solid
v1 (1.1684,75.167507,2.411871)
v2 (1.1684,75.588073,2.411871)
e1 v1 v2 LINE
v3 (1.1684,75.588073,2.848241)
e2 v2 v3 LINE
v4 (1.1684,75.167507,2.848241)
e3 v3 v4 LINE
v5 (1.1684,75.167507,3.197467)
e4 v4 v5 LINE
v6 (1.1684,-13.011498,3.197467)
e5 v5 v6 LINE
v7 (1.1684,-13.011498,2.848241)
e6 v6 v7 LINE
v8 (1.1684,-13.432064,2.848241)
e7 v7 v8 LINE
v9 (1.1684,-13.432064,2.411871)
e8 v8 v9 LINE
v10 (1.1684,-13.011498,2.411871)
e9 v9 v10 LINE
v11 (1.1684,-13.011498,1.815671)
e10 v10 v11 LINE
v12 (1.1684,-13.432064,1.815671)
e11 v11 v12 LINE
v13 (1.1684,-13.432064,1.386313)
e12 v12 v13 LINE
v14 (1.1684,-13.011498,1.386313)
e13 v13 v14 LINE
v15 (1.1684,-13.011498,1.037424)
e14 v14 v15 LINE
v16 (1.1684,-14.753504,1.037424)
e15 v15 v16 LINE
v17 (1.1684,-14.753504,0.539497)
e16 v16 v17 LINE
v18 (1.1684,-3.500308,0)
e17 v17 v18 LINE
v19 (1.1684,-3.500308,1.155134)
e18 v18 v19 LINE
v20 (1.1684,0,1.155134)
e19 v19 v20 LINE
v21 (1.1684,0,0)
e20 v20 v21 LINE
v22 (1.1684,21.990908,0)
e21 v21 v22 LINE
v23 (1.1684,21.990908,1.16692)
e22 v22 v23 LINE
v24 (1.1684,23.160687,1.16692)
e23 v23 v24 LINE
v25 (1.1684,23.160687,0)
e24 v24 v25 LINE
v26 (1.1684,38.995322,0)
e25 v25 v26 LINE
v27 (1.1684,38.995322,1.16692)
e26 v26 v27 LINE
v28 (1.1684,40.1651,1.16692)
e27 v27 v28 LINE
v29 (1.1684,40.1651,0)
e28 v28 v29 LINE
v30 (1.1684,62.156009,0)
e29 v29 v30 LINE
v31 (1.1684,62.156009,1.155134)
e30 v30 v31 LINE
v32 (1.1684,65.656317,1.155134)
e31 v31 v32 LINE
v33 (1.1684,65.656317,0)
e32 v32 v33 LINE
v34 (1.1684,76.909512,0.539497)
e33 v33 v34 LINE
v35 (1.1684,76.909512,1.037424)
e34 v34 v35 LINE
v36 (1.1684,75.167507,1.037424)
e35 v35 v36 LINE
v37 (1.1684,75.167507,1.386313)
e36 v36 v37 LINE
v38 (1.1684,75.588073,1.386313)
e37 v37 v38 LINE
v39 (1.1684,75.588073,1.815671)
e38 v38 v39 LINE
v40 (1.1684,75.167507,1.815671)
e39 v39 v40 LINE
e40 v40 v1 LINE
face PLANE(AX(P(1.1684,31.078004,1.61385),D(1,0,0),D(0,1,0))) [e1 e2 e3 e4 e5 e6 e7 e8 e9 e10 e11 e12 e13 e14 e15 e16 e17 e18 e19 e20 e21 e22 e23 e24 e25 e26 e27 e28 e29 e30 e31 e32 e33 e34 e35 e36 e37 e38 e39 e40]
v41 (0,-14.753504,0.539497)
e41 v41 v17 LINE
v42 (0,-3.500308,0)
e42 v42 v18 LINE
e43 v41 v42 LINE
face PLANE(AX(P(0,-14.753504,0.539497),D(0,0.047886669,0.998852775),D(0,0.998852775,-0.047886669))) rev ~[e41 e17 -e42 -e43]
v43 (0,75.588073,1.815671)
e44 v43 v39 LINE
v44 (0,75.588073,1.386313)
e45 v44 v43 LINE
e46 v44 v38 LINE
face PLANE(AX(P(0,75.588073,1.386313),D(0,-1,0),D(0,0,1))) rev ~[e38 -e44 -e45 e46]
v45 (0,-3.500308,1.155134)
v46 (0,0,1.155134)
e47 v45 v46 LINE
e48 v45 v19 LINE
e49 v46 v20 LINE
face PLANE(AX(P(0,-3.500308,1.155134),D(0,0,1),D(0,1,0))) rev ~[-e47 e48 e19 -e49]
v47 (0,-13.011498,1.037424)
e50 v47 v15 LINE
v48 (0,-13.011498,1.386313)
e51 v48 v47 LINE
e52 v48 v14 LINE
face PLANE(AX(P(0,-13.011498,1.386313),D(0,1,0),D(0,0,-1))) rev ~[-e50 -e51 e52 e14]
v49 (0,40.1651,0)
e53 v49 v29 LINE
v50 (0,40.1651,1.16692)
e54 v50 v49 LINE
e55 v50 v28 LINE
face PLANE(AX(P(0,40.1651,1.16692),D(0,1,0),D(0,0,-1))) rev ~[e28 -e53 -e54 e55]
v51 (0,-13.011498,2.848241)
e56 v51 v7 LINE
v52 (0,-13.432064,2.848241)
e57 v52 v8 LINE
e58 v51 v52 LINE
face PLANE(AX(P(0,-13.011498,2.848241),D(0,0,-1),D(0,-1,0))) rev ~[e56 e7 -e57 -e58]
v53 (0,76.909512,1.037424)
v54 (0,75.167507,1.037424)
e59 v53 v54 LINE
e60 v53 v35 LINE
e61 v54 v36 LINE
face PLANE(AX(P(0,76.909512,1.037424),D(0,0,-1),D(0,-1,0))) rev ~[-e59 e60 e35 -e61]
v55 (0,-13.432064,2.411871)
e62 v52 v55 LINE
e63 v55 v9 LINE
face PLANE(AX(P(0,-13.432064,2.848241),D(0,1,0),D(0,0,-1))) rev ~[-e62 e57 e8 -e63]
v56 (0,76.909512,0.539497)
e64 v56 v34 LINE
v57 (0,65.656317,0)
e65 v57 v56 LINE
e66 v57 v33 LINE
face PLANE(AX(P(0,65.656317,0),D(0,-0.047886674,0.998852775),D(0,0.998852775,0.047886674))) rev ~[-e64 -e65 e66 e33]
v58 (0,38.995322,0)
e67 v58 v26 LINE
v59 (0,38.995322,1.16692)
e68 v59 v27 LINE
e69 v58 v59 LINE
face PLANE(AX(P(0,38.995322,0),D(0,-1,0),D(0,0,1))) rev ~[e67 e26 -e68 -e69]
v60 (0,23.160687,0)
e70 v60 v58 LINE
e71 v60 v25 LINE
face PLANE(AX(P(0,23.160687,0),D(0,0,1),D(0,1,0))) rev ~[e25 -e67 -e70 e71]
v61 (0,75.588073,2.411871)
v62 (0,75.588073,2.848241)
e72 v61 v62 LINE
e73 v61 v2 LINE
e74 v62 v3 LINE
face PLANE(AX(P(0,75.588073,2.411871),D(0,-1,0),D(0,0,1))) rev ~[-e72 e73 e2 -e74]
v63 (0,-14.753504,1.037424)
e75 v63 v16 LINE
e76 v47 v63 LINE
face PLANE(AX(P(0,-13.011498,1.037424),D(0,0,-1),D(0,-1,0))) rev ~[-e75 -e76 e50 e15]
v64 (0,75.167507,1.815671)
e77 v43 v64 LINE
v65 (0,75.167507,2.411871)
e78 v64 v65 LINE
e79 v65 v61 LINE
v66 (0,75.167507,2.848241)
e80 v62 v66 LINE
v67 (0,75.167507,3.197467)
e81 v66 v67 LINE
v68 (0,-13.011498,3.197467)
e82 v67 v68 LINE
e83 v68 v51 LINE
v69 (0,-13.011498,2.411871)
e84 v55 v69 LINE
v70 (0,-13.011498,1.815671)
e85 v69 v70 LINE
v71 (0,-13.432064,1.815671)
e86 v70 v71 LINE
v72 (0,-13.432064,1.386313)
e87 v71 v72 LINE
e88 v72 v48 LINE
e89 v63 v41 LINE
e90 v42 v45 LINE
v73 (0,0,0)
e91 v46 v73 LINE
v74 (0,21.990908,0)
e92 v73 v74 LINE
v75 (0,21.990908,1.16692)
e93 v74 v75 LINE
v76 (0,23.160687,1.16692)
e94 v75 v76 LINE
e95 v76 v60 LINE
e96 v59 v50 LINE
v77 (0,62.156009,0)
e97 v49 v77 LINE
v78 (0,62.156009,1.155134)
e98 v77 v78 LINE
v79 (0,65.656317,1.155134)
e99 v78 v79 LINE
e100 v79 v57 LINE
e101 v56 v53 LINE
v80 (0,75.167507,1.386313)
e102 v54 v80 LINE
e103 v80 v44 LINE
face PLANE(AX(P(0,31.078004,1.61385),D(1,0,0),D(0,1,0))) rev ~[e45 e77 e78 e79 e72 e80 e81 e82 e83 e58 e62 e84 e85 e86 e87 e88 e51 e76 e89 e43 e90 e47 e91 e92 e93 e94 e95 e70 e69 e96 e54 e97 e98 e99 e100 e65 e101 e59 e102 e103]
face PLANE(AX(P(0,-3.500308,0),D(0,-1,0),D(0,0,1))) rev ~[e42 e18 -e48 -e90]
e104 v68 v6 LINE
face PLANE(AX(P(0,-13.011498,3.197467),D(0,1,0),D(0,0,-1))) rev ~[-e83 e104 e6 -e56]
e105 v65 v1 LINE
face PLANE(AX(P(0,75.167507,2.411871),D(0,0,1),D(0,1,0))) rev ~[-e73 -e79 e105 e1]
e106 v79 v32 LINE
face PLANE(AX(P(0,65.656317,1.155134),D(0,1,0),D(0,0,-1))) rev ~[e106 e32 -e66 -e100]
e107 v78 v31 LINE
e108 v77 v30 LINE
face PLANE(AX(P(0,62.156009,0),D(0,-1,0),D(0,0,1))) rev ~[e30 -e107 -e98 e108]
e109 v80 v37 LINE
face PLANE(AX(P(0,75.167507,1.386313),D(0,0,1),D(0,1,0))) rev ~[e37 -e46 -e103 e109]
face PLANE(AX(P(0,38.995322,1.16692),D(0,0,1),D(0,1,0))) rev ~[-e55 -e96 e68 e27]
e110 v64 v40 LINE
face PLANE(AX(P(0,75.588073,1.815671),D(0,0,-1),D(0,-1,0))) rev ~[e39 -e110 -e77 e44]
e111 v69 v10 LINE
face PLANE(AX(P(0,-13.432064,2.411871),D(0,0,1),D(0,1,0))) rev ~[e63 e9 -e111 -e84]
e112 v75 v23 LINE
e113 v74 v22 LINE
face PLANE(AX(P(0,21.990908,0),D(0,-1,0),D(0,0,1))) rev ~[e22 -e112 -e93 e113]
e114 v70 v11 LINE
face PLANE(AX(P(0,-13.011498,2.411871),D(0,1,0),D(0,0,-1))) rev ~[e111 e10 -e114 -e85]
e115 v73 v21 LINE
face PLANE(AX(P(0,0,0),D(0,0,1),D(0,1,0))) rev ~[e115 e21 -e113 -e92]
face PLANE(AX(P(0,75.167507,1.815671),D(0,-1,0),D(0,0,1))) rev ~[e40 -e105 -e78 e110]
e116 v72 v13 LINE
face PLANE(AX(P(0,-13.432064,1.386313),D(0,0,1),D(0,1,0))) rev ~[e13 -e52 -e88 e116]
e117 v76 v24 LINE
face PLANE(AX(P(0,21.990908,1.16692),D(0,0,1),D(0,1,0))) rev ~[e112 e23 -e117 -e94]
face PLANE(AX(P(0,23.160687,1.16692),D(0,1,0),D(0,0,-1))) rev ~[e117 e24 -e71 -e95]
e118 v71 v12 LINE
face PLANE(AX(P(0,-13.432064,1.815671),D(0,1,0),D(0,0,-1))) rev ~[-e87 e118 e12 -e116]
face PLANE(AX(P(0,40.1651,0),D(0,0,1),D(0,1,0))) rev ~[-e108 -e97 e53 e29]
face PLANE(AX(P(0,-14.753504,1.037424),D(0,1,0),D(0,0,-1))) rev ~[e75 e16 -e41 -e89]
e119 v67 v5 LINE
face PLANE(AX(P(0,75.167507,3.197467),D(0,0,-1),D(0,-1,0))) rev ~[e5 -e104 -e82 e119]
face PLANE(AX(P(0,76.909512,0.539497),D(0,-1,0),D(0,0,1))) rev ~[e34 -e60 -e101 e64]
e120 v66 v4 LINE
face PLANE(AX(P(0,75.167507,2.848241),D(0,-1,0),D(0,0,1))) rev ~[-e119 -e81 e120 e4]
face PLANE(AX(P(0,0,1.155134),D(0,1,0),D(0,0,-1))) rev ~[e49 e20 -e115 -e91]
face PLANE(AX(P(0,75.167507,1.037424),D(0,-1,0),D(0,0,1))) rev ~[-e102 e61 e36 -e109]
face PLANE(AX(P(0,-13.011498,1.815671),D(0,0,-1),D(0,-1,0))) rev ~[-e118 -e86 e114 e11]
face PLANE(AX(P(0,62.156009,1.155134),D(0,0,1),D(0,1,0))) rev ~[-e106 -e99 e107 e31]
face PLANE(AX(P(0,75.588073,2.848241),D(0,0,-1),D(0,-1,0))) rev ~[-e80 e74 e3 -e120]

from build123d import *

# Parameters (mm, degrees)
F1_DEPTH = 1.1684


with BuildPart() as f1:
    # F0 (on Right) → F1 (new body)
    with BuildSketch(Plane.YZ):
        Polygon((0, 1.155134), (0, 0), (21.990908, 0), (21.990908, 1.16692), (23.160687, 1.16692), (23.160687, 0), (38.995322, 0), (38.995322, 1.16692), (40.1651, 1.16692), (40.1651, 0), (62.156009, 0), (62.156009, 1.155134), (65.656317, 1.155134), (65.656317, 0), (76.909512, 0.539497), (76.909512, 1.037424), (75.167507, 1.037424), (75.167507, 1.386313), (75.588073, 1.386313), (75.588073, 1.815671), (75.167507, 1.815671), (75.167507, 2.411871), (75.588073, 2.411871), (75.588073, 2.848241), (75.167507, 2.848241), (75.167507, 3.197467), (-13.011498, 3.197467), (-13.011498, 2.848241), (-13.432064, 2.848241), (-13.432064, 2.411871), (-13.011498, 2.411871), (-13.011498, 1.815671), (-13.432064, 1.815671), (-13.432064, 1.386313), (-13.011498, 1.386313), (-13.011498, 1.037424), (-14.753504, 1.037424), (-14.753504, 0.539497), (-3.500308, 0), (-3.500308, 1.155134), align=None)
    extrude(amount=F1_DEPTH)


solid = f1.part
